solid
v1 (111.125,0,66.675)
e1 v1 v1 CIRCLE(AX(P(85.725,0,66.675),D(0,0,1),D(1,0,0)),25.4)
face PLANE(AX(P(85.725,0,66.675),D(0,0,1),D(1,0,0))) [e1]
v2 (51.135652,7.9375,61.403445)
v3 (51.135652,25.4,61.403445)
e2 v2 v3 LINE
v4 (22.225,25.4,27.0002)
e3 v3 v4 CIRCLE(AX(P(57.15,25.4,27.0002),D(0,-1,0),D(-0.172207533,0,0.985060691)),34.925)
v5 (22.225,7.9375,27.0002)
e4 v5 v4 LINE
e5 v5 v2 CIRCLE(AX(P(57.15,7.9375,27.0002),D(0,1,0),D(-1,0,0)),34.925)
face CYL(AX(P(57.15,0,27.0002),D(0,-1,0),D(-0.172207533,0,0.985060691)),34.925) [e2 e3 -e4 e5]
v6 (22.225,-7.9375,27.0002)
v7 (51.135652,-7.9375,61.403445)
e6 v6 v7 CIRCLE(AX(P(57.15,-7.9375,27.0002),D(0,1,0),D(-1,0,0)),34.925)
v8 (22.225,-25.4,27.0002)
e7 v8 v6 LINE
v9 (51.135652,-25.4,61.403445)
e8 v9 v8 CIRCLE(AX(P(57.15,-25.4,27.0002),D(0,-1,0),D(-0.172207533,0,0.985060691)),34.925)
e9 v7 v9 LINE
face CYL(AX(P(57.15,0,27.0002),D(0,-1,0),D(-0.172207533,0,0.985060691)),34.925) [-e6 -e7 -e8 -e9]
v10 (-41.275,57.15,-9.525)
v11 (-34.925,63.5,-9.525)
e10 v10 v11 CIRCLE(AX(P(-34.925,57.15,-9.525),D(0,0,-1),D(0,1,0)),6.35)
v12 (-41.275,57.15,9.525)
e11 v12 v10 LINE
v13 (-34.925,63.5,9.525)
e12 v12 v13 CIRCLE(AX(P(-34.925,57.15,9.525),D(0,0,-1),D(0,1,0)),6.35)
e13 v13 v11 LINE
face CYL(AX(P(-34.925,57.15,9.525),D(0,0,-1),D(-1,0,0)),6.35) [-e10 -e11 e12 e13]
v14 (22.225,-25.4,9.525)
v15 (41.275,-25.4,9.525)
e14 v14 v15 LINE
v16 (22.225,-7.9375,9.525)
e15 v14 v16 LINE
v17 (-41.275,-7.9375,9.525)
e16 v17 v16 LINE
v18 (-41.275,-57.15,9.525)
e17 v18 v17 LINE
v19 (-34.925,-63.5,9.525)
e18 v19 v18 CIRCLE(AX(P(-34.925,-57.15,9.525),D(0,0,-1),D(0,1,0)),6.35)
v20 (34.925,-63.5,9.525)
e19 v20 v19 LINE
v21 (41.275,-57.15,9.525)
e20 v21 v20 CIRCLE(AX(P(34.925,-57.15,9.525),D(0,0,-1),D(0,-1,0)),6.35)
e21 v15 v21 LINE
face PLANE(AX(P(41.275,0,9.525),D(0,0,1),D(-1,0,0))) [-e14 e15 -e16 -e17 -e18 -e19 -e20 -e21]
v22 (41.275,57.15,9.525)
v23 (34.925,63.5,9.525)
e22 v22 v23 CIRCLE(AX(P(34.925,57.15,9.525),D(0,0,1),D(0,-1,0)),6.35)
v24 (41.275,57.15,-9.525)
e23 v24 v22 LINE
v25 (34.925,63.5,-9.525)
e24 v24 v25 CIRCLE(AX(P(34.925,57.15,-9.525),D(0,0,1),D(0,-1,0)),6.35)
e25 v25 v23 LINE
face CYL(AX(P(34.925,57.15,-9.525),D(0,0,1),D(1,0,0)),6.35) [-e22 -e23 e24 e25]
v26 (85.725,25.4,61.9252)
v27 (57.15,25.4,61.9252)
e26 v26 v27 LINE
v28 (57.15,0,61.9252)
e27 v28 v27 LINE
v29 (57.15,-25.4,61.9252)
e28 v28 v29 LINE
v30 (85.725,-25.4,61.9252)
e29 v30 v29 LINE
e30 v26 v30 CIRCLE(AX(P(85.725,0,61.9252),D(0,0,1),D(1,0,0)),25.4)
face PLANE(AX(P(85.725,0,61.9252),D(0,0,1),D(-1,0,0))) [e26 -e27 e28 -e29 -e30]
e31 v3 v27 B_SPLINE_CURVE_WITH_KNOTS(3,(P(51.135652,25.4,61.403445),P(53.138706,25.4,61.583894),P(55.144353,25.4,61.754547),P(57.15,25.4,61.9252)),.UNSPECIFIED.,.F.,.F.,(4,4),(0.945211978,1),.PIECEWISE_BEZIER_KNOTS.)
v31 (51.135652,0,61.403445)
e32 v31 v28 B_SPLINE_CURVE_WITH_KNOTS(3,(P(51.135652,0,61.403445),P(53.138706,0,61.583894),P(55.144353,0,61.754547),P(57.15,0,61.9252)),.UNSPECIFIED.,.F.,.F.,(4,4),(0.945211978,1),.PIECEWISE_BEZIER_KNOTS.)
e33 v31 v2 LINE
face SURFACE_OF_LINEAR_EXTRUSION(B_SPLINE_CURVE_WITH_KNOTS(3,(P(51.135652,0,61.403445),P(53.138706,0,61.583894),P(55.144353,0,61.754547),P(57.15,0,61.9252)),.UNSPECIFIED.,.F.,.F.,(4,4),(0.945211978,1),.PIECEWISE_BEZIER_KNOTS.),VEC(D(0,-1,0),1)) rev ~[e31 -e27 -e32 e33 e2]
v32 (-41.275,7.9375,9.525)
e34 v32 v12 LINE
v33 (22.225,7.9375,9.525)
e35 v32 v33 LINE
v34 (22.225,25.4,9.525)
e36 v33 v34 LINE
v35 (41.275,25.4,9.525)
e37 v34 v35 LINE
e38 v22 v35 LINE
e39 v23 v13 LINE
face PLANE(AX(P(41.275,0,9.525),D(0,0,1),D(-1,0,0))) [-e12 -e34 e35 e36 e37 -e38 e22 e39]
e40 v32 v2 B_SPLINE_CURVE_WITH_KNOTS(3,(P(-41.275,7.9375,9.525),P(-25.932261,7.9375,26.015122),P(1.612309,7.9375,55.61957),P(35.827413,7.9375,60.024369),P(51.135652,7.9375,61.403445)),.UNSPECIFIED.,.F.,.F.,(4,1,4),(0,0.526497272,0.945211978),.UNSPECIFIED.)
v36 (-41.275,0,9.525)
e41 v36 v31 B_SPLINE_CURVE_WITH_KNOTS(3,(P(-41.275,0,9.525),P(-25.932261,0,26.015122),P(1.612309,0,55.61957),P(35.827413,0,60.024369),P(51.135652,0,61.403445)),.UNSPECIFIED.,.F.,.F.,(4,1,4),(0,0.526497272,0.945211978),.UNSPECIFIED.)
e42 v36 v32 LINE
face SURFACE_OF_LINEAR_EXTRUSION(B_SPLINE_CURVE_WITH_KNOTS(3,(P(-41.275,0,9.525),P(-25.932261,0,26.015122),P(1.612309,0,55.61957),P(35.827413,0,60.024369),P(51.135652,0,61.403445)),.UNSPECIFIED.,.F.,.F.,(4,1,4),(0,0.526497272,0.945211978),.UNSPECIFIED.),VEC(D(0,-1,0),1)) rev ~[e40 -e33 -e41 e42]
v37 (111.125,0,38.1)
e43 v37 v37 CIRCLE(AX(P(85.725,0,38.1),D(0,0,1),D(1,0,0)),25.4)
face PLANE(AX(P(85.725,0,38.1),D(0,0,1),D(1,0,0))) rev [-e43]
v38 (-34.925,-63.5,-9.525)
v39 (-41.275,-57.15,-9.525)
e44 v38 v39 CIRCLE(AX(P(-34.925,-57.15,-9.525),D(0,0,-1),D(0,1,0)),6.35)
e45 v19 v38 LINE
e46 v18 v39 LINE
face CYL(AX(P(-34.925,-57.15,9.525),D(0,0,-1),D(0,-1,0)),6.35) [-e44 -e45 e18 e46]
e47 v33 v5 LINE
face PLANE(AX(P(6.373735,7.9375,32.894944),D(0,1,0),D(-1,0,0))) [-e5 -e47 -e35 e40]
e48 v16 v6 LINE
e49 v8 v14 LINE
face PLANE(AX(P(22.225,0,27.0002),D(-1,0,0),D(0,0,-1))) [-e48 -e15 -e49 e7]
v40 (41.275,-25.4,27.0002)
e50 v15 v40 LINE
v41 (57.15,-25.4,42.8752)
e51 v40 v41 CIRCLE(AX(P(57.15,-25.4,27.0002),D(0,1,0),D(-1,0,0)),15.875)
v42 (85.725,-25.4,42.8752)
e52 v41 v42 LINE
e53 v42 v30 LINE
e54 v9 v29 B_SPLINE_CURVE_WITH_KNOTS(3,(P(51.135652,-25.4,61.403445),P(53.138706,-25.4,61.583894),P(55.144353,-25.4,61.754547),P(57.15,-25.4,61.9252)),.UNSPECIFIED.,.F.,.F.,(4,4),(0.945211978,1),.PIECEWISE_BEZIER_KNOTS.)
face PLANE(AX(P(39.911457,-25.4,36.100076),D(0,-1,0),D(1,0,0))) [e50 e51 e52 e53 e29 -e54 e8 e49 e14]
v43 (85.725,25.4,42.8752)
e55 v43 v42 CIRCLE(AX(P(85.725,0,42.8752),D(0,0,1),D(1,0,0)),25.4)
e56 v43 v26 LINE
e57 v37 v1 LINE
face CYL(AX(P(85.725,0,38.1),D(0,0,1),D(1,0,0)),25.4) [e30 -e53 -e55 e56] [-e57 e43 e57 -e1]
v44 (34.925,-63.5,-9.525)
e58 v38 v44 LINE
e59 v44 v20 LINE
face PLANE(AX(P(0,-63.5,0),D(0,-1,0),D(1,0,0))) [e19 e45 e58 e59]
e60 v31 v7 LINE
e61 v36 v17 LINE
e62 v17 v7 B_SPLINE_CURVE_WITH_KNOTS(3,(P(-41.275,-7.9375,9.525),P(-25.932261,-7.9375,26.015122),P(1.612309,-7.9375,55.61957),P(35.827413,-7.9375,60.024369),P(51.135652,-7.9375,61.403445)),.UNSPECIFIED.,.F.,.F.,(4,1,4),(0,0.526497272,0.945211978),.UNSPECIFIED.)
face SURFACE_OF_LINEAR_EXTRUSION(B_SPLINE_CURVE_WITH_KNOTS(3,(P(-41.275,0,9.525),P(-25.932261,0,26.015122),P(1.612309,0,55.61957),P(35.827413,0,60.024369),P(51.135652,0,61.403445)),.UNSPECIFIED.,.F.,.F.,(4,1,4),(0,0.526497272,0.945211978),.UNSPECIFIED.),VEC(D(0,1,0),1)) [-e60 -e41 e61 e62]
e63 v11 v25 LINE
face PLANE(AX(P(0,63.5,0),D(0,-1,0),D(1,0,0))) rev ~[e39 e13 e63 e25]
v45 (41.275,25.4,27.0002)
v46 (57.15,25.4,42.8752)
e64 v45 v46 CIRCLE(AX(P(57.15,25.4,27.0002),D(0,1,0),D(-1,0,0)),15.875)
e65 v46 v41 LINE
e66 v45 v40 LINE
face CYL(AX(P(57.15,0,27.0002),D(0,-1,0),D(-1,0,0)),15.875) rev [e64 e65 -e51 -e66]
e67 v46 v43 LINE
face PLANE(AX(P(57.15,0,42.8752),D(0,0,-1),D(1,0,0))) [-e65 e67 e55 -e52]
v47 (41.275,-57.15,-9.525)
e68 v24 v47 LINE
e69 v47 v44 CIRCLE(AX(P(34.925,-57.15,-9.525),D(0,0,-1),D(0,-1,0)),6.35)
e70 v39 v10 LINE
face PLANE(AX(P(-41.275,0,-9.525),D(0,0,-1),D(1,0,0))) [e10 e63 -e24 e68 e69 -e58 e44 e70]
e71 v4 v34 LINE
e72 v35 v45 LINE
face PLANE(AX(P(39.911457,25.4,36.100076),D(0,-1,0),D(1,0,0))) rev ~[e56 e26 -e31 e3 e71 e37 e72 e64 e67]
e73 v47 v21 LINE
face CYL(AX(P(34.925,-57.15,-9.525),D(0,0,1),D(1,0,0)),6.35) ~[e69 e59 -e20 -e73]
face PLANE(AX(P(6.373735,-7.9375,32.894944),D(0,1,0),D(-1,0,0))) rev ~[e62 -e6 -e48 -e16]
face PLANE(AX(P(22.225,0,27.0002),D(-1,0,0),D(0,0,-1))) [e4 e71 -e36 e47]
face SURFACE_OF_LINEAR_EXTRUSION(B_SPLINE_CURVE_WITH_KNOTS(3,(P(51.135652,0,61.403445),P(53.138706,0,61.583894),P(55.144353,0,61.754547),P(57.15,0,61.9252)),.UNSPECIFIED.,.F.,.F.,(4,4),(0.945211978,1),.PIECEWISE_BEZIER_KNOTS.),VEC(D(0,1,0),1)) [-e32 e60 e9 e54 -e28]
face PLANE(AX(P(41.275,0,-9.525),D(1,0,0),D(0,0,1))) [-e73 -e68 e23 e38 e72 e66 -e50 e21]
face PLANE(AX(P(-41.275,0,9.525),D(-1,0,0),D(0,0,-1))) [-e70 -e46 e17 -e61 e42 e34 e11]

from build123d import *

# Parameters (mm, degrees)
F1_DEPTH = 63.5
F0_W     = 25.4
F0_H     = 19.05
F2_DEPTH = 25.4
F3_DEPTH = 7.9375
F5_R     = 6.35


with BuildPart() as f1:
    # F0 (on Front) → F1 (new body, symmetric)
    with BuildSketch(Plane.XZ):
        Polygon((-41.275, -9.525), (41.275, -9.525), (41.275, 9.525), (22.225, 9.525), (-41.275, 9.525), align=None)
    extrude(amount=F1_DEPTH, both=True)

    # F0 (on Front) → F2 (join, symmetric)
    with BuildSketch(Plane.XZ):
        with BuildLine():
            Line((22.225, 9.525), (41.275, 9.525))
            Line((41.275, 9.525), (41.275, 27.0002))
            ThreePointArc((41.275, 27.0002), (45.9246798487, 38.2255201513), (57.15, 42.8752))
            Line((57.15, 42.8752), (60.325, 42.8752))
            Line((60.325, 42.8752), (60.325, 61.9252))
            Line((60.325, 61.9252), (57.15, 61.9252))
            add(Edge.make_bspline(
                [(51.1356519258, 61.403444647), (53.1387058148, 61.5838940905), (55.1443529074, 61.7545470452), (57.15, 61.9252)],
                knots=[0.9452119778, 0.9452119778, 0.9452119778, 0.9452119778, 1, 1, 1, 1], degree=3))
            ThreePointArc((51.1356519258, 61.403444647), (30.4123231049, 49.4691176253), (22.225, 27.0002))
            Line((22.225, 27.0002), (22.225, 9.525))
        make_face()
        with Locations((73.025, 52.4002)):
            Rectangle(F0_W, F0_H)
    extrude(amount=F2_DEPTH, both=True)

    # F0 (on Front) → F3 (join, symmetric)
    with BuildSketch(Plane.XZ):
        with BuildLine():
            add(Edge.make_bspline(
                [(-41.275, 9.525), (-25.9322609375, 26.0151222158), (1.6123086085, 55.6195700492), (35.8274132624, 60.0243688455), (51.1356519258, 61.403444647)],
                knots=[0, 0, 0, 0, 0.5264972724, 0.9452119778, 0.9452119778, 0.9452119778, 0.9452119778], degree=3))
            Line((-41.275, 9.525), (22.225, 9.525))
            Line((22.225, 9.525), (22.225, 27.0002))
            ThreePointArc((22.225, 27.0002), (30.4123231049, 49.4691176253), (51.1356519258, 61.403444647))
        make_face()
    extrude(amount=F3_DEPTH, both=True)

    # F0 (on Front) → F4 (revolve)
    with BuildSketch(Plane.XZ):
        Polygon((85.725, 61.9252), (85.725, 42.8752), (85.725, 38.1), (111.125, 38.1), (111.125, 66.675), (85.725, 66.675), align=None)
    revolve(axis=Axis((85.725, 0, 52.3875), (0, 0, 1)))

    # F5
    f5_edges = [f1.edges().sort_by_distance(p)[0] for p in [
        (41.275, -63.5, 0),
        (-41.275, -63.5, 0),
        (41.275, 63.5, 0),
        (-41.275, 63.5, 0),
    ]]
    fillet(f5_edges, radius=F5_R)


solid = f1.part
